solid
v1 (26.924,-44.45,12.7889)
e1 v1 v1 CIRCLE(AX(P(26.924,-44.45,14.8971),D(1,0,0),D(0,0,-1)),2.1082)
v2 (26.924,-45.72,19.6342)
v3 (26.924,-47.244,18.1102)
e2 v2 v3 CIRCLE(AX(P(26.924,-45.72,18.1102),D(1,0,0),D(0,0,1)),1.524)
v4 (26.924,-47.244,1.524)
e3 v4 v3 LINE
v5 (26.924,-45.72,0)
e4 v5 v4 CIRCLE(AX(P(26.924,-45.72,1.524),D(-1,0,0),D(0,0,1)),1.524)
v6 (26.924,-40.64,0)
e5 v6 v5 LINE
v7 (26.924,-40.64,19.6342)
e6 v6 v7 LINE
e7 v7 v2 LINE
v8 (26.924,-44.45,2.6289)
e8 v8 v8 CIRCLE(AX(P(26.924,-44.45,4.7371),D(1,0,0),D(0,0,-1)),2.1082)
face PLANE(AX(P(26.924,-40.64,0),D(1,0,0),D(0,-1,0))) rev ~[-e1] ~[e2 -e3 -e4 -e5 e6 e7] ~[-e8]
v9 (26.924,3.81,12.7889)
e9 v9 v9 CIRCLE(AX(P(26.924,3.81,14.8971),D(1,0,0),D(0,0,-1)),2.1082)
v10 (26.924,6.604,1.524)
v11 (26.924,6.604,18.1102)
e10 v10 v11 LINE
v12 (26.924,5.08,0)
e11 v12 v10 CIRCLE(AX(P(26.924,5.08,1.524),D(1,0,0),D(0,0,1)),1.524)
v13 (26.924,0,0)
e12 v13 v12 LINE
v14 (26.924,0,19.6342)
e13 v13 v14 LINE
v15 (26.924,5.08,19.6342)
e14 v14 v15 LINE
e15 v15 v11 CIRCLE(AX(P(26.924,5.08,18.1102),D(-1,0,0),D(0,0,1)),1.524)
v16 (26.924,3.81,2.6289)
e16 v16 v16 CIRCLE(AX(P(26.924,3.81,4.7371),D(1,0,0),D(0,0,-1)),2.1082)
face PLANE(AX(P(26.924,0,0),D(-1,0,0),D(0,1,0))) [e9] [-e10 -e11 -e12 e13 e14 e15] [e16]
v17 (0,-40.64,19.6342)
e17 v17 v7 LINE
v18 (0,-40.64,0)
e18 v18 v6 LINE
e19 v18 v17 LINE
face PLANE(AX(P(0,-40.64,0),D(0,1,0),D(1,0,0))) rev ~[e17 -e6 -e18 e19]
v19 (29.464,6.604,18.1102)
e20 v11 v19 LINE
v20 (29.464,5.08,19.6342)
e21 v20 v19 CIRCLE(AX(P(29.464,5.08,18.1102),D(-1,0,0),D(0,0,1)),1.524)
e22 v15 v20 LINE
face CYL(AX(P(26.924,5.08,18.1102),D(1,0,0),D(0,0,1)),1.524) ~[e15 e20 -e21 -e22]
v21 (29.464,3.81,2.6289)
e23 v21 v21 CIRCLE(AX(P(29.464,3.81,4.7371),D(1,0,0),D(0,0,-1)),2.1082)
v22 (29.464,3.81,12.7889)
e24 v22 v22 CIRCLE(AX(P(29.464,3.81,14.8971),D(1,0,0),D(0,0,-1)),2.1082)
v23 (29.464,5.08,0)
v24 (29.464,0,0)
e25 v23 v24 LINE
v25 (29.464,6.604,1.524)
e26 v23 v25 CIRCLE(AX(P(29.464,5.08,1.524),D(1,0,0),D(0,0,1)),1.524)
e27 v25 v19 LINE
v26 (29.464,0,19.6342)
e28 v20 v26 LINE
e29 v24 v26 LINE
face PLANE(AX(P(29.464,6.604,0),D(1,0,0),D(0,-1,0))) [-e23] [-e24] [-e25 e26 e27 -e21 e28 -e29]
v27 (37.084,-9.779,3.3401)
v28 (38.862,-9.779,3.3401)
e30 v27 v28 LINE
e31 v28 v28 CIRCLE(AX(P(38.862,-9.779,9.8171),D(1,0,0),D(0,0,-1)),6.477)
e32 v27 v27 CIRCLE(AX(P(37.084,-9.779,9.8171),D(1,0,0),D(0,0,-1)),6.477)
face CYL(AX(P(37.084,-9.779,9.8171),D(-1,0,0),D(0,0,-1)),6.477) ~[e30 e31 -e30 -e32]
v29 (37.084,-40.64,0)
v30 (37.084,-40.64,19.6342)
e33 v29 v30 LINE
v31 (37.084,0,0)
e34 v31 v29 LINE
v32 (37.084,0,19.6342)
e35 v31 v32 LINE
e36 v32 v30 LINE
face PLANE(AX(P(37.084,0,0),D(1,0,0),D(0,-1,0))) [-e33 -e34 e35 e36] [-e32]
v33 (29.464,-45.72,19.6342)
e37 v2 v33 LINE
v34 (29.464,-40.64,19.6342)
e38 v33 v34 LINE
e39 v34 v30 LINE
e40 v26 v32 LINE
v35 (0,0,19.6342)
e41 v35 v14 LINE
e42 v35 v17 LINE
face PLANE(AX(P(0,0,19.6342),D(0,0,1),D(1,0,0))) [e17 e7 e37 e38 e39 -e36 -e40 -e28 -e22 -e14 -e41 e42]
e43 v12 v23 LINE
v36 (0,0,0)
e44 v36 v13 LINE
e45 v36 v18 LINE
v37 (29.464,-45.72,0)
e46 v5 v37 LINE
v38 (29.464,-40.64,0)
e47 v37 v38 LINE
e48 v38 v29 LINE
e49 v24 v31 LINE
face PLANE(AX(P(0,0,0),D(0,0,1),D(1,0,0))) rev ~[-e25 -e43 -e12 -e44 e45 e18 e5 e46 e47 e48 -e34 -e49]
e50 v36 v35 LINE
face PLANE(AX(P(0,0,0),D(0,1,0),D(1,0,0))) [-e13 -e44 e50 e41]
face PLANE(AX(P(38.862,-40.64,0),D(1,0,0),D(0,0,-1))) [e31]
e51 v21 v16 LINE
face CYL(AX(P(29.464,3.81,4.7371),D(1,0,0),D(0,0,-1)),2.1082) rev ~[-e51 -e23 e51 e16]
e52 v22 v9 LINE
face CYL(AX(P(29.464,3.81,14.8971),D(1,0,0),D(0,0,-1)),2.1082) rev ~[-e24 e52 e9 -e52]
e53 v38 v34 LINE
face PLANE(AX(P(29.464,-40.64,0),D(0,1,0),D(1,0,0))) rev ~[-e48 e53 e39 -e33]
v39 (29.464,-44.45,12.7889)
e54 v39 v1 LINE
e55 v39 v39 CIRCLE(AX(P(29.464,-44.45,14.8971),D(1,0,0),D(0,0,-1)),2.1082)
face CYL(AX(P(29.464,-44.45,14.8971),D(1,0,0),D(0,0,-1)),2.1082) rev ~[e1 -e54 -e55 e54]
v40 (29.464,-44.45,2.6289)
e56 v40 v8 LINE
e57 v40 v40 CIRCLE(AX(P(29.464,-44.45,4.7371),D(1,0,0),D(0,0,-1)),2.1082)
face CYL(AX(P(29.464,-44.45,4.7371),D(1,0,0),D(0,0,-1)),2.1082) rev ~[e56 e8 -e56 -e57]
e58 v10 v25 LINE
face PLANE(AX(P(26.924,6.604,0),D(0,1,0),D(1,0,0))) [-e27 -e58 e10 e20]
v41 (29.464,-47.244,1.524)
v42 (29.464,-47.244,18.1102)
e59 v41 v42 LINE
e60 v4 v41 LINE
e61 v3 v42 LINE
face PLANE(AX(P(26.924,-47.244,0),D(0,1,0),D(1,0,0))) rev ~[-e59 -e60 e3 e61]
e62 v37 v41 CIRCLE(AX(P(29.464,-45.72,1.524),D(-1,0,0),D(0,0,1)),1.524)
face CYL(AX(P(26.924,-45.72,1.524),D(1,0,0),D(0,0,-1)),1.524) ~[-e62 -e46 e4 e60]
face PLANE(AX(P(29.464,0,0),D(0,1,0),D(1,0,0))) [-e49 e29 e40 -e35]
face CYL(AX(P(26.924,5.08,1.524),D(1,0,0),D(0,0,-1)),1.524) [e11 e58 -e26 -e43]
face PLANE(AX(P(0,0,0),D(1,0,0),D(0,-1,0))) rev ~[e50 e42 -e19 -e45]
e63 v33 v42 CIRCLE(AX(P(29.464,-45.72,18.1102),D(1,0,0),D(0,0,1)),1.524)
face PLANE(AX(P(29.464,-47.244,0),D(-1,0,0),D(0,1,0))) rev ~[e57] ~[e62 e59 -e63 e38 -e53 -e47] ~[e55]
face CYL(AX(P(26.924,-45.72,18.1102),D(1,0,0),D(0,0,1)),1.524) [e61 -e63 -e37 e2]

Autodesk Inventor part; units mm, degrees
ref_plane "YZ Plane" through (0, 0, 0) normal (1, 0, 0) x (0, 1, 0)
ref_plane "XZ Plane" through (0, 0, 0) normal (0, 1, 0) x (-1, 0, 0)
ref_plane "XY Plane" through (0, 0, 0) normal (0, 0, 1) x (1, 0, 0)
sketch "Sketch1" plane through (0, 0, 0) normal (0, 0, 1) x (1, 0, 0)
  line L0 (0, 0) -> (0, -40.64)
  line L1 (0, -40.64) -> (26.924, -40.64)
  line L2 (0, 0) -> (26.924, 0)
  line L3 (26.924, -40.64) -> (26.924, -47.244)
  line L4 (26.924, -47.244) -> (29.464, -47.244)
  line L5 (29.464, -47.244) -> (29.464, -40.64)
  line L6 (26.924, 0) -> (26.924, 6.604)
  line L7 (26.924, 6.604) -> (29.464, 6.604)
  line L8 (29.464, 6.604) -> (29.464, 0)
  line L9 (29.464, 0) -> (37.084, 0)
  line L10 (29.464, -40.64) -> (37.084, -40.64)
  line L11 (37.084, 0) -> (37.084, -40.64)
  dimension "d0" = 40.64
  dimension "d4" = 6.604
  dimension "d45" = 2.54
  dimension "d46" = 26.924
  dimension "d47" = 7.62
extrude "Extrusion8" add sketch "Sketch1" along normal blind 19.6342
sketch "Sketch8" plane through (37.084, -40.64, 0) normal (1, 0, 0) x (0, 0, -1)
  line L0 (0, 0) -> (0, 40.64) projected
  line L1 (0, 40.64) -> (-19.6342, 40.64) projected
  line L2 (-19.6342, 0) -> (-19.6342, 40.64) projected
  line L3 (0, 0) -> (-19.6342, 0) projected
  circle A0 centre (-9.8171, 30.861) radius 6.477
  dimension "d50" = 12.954
  dimension "d51" = 9.779
extrude "Extrusion9" add sketch "Sketch8" along normal blind 1.778 contours A0
sketch "Sketch9" plane through (29.464, 0, 0) normal (1, 0, 0) x (0, 0, -1)
  circle A0 centre (-14.8971, 3.81) radius 2.1082
  line L0 (0, 6.604) -> (-19.6342, 6.604) projected
  line L1 (-9.8171, 6.604) -> (-9.8171, 8.0872)
  line L2 (0, 0) -> (-19.6342, 0) projected
  circle A1 centre (-4.7371, 3.81) radius 2.1082
  line L3 (0, 0) -> (0, -40.64) projected
  line L4 (0, -20.32) -> (8.7495, -20.32)
  circle A2 centre (-14.8971, -44.45) radius 2.1082
  circle A3 centre (-4.7371, -44.45) radius 2.1082
  dimension "d54" = 4.2164
  dimension "d55" = 5.08
  dimension "d56" = 3.81
extrude "Extrusion10" cut sketch "Sketch9" against normal through all
fillet "Fillet1" radius 1.524 4 edges at (28.194, 6.604, 19.6342) (28.194, 6.604, 0) (28.194, -47.244, 19.6342) (28.194, -47.244, 0)
properties part number "Servo" material "ABS Plastic"
